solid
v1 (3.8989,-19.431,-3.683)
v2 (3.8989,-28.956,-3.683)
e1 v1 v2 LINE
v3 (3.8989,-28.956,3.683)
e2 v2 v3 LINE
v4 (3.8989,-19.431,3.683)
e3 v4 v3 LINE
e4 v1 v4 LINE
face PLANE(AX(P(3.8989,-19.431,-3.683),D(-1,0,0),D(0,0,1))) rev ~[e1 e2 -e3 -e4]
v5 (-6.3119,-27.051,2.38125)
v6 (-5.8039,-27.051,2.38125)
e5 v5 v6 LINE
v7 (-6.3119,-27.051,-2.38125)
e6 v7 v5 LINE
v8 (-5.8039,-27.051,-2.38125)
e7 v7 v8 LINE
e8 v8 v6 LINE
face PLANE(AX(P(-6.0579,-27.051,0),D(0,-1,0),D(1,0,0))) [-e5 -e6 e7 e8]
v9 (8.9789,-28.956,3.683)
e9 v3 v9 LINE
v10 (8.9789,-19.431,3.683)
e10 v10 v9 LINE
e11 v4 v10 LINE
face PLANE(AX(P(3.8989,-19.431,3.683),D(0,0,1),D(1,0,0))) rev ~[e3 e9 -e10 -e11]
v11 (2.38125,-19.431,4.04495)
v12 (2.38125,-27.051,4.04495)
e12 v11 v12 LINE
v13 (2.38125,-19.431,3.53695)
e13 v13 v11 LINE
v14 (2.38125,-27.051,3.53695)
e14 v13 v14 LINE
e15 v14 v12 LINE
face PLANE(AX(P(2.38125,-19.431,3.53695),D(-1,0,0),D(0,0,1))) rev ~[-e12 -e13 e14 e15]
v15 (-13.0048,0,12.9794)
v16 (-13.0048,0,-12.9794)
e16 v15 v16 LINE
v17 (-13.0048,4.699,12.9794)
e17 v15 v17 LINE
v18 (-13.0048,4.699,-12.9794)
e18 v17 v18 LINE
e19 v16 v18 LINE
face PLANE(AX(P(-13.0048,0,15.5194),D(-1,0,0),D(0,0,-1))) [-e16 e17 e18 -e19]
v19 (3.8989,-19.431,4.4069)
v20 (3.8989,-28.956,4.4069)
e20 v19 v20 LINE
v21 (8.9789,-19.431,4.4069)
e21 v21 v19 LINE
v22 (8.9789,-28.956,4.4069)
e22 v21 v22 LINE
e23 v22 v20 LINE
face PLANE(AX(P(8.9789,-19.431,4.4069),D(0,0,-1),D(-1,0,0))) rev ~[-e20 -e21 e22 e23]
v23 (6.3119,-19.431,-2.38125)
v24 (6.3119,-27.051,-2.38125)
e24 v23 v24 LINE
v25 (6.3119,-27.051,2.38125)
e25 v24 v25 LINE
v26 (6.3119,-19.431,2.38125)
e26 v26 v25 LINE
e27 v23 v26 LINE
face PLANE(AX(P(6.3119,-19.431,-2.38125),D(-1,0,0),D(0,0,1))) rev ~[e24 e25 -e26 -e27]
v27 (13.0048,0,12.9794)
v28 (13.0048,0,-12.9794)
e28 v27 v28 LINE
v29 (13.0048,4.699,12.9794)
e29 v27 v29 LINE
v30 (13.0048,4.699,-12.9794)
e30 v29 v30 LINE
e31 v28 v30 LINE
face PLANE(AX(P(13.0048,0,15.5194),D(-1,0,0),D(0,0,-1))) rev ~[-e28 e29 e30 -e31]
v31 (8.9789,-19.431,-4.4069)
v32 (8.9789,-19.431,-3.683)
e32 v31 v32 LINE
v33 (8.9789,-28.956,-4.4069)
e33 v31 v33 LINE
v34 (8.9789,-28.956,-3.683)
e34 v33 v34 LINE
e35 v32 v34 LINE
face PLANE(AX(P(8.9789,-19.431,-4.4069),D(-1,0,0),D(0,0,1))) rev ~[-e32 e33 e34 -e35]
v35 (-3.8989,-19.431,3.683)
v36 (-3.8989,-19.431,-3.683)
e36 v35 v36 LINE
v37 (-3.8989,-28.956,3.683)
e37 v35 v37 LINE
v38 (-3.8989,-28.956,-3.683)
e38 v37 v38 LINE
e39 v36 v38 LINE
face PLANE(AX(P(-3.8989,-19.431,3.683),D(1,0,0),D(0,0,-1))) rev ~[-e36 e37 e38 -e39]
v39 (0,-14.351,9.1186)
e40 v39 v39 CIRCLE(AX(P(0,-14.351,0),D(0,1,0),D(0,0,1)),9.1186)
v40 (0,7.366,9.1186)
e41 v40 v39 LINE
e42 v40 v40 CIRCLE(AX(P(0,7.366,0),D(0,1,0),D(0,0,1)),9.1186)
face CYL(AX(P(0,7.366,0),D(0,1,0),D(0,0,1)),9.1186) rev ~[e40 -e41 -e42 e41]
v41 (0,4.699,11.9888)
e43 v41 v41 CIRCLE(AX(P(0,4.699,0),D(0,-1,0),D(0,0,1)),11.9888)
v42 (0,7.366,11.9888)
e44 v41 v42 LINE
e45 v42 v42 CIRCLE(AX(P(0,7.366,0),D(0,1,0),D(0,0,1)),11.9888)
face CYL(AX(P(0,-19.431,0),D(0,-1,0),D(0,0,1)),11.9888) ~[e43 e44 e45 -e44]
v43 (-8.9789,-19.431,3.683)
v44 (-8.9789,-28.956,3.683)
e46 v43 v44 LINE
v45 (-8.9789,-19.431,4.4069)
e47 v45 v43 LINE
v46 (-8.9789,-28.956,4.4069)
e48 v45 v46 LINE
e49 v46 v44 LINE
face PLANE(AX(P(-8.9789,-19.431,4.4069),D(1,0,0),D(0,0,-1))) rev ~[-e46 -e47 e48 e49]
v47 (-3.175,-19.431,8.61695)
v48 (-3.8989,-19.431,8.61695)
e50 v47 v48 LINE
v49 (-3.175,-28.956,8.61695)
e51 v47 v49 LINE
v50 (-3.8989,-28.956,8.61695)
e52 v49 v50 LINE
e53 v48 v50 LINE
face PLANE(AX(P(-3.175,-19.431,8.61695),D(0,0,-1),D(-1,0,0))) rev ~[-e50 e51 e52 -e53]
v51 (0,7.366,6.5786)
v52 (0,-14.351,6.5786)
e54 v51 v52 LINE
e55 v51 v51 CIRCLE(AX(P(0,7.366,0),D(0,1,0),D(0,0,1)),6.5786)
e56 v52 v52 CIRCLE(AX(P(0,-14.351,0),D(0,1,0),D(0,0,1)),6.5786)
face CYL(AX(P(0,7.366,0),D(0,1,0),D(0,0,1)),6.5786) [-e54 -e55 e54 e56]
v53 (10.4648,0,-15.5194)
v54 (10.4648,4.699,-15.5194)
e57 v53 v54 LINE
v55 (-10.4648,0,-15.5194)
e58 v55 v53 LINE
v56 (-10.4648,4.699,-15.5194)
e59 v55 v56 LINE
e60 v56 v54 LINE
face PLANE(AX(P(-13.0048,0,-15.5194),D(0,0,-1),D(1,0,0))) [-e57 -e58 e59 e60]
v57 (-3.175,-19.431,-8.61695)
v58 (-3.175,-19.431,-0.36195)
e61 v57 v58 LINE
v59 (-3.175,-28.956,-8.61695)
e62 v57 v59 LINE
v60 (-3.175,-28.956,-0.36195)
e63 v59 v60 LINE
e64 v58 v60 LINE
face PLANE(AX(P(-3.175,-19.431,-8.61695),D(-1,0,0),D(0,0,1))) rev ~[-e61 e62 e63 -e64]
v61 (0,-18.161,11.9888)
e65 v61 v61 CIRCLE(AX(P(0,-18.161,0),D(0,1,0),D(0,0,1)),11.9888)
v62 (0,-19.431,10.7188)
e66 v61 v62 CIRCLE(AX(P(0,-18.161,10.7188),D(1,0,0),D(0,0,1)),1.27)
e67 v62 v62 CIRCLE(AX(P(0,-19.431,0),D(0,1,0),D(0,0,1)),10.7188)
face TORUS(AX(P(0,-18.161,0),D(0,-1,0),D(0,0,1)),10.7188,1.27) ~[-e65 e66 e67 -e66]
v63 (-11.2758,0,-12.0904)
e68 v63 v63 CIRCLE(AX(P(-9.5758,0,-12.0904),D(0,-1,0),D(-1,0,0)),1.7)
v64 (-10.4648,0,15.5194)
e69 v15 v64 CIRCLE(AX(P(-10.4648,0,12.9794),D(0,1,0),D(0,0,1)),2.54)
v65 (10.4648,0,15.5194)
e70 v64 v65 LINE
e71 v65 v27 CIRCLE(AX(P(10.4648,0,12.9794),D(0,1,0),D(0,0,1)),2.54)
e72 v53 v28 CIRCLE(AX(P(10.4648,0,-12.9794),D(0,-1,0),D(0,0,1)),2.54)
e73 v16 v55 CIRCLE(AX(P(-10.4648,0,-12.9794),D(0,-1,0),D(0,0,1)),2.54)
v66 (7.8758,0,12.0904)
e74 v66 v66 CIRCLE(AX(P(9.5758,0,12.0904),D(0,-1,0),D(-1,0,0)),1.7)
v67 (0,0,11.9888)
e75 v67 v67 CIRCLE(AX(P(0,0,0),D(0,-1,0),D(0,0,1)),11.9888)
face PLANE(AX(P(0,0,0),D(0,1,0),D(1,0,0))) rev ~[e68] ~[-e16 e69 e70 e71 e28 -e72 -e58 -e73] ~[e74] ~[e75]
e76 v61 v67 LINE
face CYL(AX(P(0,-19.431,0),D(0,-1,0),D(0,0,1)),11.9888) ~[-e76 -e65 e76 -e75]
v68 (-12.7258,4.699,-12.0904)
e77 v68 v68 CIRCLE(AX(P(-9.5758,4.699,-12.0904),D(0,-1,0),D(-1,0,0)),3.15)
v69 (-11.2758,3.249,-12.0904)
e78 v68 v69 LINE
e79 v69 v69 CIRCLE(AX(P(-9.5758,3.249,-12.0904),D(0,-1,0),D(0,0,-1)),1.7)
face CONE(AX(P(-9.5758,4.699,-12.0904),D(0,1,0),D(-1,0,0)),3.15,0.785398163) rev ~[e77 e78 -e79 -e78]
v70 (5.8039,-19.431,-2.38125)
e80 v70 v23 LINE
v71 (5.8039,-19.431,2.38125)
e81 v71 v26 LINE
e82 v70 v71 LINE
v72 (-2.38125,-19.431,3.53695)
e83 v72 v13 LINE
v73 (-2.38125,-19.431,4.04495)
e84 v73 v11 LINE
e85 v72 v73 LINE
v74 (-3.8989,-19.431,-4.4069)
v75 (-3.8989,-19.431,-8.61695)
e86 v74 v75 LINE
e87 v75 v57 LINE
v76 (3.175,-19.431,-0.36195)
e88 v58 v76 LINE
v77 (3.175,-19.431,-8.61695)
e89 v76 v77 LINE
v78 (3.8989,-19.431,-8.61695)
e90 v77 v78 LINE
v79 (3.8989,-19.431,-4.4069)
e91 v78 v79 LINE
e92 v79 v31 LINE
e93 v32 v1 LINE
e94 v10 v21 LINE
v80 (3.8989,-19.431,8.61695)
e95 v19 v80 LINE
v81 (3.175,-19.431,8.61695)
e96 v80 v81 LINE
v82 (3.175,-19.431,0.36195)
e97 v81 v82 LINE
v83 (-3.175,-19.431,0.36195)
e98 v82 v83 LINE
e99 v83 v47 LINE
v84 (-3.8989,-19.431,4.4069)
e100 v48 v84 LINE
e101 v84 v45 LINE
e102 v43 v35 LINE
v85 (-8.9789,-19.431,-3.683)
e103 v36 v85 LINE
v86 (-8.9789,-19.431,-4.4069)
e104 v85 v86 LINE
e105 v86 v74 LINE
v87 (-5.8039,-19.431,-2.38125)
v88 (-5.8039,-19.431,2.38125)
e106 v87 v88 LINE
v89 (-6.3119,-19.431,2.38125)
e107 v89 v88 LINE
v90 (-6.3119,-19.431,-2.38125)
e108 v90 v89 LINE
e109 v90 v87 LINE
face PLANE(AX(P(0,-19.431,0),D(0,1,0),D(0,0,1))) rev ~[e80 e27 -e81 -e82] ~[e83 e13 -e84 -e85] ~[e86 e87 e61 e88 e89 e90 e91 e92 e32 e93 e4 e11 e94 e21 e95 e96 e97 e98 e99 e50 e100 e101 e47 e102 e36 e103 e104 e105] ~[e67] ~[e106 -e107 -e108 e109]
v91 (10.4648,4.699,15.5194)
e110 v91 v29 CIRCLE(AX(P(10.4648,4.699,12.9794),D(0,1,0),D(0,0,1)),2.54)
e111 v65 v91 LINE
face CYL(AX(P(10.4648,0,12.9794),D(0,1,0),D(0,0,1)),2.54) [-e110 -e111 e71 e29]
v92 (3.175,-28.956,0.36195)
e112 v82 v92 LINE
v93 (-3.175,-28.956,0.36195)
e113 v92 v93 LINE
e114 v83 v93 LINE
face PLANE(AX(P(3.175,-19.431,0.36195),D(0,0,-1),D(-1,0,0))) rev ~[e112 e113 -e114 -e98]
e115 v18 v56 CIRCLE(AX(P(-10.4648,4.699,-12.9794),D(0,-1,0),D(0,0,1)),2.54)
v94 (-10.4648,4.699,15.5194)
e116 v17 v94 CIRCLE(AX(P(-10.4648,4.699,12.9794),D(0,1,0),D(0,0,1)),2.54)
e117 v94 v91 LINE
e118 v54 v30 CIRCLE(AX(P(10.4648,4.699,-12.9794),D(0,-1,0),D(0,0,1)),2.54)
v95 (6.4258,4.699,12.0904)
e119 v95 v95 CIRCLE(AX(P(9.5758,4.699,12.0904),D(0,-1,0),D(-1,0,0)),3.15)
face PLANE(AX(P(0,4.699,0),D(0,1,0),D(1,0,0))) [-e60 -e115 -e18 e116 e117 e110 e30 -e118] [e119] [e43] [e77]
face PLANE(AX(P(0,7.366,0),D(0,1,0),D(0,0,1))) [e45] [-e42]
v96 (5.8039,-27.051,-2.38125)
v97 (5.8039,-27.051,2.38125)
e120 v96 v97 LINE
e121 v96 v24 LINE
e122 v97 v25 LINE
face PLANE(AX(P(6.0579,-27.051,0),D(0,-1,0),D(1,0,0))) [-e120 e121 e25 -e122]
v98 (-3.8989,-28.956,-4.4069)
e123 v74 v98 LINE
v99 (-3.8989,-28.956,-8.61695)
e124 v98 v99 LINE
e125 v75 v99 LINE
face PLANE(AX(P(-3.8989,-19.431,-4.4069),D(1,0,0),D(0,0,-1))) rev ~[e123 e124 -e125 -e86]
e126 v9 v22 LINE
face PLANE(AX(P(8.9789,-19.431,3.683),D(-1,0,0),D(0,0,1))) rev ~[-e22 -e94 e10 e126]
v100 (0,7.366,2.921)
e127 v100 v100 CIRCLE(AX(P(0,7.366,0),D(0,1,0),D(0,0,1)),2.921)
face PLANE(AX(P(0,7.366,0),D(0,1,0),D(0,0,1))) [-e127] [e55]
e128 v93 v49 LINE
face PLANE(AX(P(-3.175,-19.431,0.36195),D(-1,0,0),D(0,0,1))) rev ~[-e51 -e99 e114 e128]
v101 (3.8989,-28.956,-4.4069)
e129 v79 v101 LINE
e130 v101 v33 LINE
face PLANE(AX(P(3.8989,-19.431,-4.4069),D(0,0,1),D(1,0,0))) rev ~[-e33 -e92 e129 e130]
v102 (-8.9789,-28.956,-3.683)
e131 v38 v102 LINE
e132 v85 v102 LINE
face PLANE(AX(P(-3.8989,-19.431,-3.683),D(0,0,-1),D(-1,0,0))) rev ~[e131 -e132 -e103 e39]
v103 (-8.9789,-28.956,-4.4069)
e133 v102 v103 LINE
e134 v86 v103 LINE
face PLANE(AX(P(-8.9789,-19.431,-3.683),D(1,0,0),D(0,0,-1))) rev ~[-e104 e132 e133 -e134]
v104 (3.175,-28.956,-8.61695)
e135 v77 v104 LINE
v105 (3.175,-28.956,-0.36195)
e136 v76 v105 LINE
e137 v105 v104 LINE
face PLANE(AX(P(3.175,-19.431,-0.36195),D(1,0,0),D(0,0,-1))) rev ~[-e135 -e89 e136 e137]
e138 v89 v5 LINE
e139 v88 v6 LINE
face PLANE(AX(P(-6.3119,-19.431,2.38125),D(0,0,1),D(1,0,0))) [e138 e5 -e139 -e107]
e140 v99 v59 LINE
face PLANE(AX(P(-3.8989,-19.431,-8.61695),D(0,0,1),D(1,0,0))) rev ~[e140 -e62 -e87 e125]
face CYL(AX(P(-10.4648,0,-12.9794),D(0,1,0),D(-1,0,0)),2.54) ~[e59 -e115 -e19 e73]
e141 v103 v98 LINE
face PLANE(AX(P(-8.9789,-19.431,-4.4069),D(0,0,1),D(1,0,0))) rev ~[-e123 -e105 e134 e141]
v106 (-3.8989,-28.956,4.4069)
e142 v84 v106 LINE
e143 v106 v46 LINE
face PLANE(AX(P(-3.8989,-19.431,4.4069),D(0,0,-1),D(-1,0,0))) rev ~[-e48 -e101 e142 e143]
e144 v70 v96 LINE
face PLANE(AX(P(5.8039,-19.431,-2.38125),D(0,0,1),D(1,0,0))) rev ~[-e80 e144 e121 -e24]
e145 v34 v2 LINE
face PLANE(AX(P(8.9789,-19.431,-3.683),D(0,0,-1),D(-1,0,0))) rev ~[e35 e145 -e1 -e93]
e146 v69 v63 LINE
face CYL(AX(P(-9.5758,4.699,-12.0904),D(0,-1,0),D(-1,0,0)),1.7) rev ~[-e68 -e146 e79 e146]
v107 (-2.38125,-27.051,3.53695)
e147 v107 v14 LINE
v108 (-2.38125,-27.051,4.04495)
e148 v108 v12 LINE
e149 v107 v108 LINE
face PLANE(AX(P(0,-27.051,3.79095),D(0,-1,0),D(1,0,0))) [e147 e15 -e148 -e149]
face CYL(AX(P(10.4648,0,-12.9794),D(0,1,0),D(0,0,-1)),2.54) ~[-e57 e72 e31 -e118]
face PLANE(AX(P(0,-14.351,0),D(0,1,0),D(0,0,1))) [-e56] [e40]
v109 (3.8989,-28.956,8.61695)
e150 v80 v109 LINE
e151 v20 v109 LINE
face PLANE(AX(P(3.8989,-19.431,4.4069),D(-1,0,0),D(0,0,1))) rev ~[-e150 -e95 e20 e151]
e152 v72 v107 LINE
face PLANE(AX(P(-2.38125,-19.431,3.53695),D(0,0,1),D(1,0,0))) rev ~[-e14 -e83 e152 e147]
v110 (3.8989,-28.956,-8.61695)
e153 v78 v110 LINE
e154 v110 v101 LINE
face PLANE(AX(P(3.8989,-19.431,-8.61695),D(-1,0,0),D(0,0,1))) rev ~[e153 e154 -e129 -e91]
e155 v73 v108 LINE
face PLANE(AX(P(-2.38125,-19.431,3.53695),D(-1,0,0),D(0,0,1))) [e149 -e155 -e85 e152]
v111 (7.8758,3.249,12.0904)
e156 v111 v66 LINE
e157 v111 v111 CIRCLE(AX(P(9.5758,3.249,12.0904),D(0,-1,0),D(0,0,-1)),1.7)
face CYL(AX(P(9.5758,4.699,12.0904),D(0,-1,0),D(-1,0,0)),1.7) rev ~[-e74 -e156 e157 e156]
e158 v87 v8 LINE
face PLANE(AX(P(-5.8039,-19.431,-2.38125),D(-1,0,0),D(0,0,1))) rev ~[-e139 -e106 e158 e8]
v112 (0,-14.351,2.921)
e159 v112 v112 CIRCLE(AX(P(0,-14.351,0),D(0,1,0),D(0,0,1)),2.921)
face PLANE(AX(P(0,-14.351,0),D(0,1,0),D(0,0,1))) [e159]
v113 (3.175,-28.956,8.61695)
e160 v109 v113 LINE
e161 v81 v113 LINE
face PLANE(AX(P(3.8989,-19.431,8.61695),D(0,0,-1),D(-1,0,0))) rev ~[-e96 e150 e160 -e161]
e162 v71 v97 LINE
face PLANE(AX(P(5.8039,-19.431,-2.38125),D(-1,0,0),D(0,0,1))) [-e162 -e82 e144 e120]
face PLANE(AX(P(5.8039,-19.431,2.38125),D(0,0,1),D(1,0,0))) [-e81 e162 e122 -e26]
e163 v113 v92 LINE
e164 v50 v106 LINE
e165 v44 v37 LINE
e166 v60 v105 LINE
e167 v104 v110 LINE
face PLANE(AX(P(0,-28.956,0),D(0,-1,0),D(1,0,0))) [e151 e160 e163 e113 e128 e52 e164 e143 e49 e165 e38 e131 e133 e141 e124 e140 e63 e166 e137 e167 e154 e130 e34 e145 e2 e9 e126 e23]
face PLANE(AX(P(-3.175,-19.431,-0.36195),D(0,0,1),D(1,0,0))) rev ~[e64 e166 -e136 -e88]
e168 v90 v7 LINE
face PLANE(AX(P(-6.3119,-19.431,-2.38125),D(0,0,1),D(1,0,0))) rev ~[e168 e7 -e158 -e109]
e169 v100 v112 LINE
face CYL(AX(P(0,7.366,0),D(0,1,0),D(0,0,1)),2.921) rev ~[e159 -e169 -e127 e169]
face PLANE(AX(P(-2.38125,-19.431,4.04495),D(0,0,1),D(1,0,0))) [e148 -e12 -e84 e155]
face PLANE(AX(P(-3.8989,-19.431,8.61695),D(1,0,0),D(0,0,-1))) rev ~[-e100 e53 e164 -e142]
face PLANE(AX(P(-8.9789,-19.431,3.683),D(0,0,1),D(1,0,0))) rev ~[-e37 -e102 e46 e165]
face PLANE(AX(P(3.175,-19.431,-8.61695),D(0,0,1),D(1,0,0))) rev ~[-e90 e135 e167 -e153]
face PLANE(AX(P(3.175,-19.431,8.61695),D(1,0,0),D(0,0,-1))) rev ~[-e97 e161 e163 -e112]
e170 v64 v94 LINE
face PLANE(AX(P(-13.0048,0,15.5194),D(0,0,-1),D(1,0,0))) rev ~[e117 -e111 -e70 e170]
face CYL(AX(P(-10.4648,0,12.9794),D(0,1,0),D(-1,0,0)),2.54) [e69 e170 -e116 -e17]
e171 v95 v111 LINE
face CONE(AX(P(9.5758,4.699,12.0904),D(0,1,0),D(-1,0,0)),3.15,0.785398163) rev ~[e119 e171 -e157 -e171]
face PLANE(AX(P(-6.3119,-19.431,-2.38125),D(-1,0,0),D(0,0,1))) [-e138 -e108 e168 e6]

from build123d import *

# Parameters (mm, degrees)
BOSS_EXTRUDE1_DEPTH                             = 7.366
BOSS_EXTRUDE1_DEPTH_BACK                        = 19.431
SKETCH1_R                                       = 11.9888
SKETCH3_W                                       = 26.0096
SKETCH3_H                                       = 31.0388
BOSS_EXTRUDE3_DEPTH                             = 4.699
CSK_FOR_M3_FLAT_HEAD_MACHINE_SCREW2_D           = 3.4
CSK_FOR_M3_FLAT_HEAD_MACHINE_SCREW2_CSINK_D     = 6.3
CSK_FOR_M3_FLAT_HEAD_MACHINE_SCREW2_CSINK_ANGLE = 90
SKETCH11_R                                      = 9.1186
SKETCH11_R_2                                    = 6.5786
CUT_EXTRUDE1_DEPTH                              = 21.717
FILLET1_R                                       = 2.54
SKETCH12_R                                      = 2.921
CUT_EXTRUDE3_DEPTH                              = 21.717
BOSS_EXTRUDE4_DEPTH                             = 9.525
SKETCH14_W                                      = 4.7625
SKETCH14_H                                      = 0.508
SKETCH14_W_2                                    = 0.508
SKETCH14_H_2                                    = 4.7625
BOSS_EXTRUDE5_DEPTH                             = 7.62
FILLET2_R                                       = 1.27


with BuildPart() as part:
    # Sketch1 → Boss-Extrude1 (new, two sides: drawn at the far end of the back side and taken through both)
    with BuildSketch(Plane(origin=(0, 0, 0), x_dir=(1, 0, 0), z_dir=(0, 1, 0)).offset(-BOSS_EXTRUDE1_DEPTH_BACK)):
        with Locations(Location((0, 0, 0), (0, 0, 270))):
            Circle(SKETCH1_R)
    extrude(amount=BOSS_EXTRUDE1_DEPTH + BOSS_EXTRUDE1_DEPTH_BACK)

    # Sketch3 → Boss-Extrude3 (add)
    with BuildSketch(Plane(origin=(0, 0, 0), x_dir=(1, 0, 0), z_dir=(0, 1, 0))):
        Rectangle(SKETCH3_W, SKETCH3_H)
    extrude(amount=BOSS_EXTRUDE3_DEPTH)

    # CSK for M3 Flat Head Machine Screw2 (through all)
    with Locations(Plane(origin=(0, 4.699, 0), x_dir=(1, 0, 0), z_dir=(0, 1, 0))):
        with Locations((-9.5758, 12.0904), (9.5758, -12.0904)):
            CounterSinkHole(CSK_FOR_M3_FLAT_HEAD_MACHINE_SCREW2_D / 2, CSK_FOR_M3_FLAT_HEAD_MACHINE_SCREW2_CSINK_D / 2, counter_sink_angle=CSK_FOR_M3_FLAT_HEAD_MACHINE_SCREW2_CSINK_ANGLE)

    # Sketch11 → Cut-Extrude1 (cut)
    with BuildSketch(Plane(origin=(0, 7.366, 0), x_dir=(1, 0, 0), z_dir=(0, 1, 0))):
        with Locations(Location((0, 0, 0), (0, 0, 270))):
            Circle(SKETCH11_R)
        with Locations(Location((0, 0, 0), (0, 0, 270))):
            Circle(SKETCH11_R_2, mode=Mode.SUBTRACT)
    extrude(amount=-CUT_EXTRUDE1_DEPTH, mode=Mode.SUBTRACT)

    # Fillet1
    fillet1_edges = [part.edges().sort_by_distance(p)[0] for p in [
        (13.0048, 2.3495, -15.5194),
        (-13.0048, 2.3495, -15.5194),
        (-13.0048, 2.3495, 15.5194),
        (13.0048, 2.3495, 15.5194),
    ]]
    fillet(fillet1_edges, radius=FILLET1_R)

    # Sketch12 → Cut-Extrude3 (cut)
    with BuildSketch(Plane(origin=(0, 7.366, 0), x_dir=(1, 0, 0), z_dir=(0, 1, 0))):
        with Locations(Location((0, 0, 0), (0, 0, 270))):
            Circle(SKETCH12_R)
    extrude(amount=-CUT_EXTRUDE3_DEPTH, mode=Mode.SUBTRACT)

    # Sketch13 → Boss-Extrude4 (add)
    with BuildSketch(Plane.XZ.offset(19.431)):
        Polygon((3.175, 0.36195), (-3.175, 0.36195), (-3.175, 8.61695), (-3.8989, 8.61695), (-3.8989, 4.4069), (-8.9789, 4.4069), (-8.9789, 3.683), (-3.8989, 3.683), (-3.8989, -3.683), (-8.9789, -3.683), (-8.9789, -4.4069), (-3.8989, -4.4069), (-3.8989, -8.61695), (-3.175, -8.61695), (-3.175, -0.36195), (3.175, -0.36195), (3.175, -8.61695), (3.8989, -8.61695), (3.8989, -4.4069), (8.9789, -4.4069), (8.9789, -3.683), (3.8989, -3.683), (3.8989, 3.683), (8.9789, 3.683), (8.9789, 4.4069), (3.8989, 4.4069), (3.8989, 8.61695), (3.175, 8.61695), align=None)
    extrude(amount=BOSS_EXTRUDE4_DEPTH)

    # Sketch14 → Boss-Extrude5 (add)
    with BuildSketch(Plane.XZ.offset(19.431)):
        with Locations((0, 3.79095)):
            Rectangle(SKETCH14_W, SKETCH14_H)
        with Locations((-6.0579, 0)):
            Rectangle(SKETCH14_W_2, SKETCH14_H_2)
        with Locations((6.0579, 0)):
            Rectangle(SKETCH14_W_2, SKETCH14_H_2)
    extrude(amount=BOSS_EXTRUDE5_DEPTH)

    # Fillet2
    fillet2_edges = [part.edges().sort_by_distance(p)[0] for p in [
        (0, -19.431, -11.9888),
    ]]
    fillet(fillet2_edges, radius=FILLET2_R)


solid = part.part
